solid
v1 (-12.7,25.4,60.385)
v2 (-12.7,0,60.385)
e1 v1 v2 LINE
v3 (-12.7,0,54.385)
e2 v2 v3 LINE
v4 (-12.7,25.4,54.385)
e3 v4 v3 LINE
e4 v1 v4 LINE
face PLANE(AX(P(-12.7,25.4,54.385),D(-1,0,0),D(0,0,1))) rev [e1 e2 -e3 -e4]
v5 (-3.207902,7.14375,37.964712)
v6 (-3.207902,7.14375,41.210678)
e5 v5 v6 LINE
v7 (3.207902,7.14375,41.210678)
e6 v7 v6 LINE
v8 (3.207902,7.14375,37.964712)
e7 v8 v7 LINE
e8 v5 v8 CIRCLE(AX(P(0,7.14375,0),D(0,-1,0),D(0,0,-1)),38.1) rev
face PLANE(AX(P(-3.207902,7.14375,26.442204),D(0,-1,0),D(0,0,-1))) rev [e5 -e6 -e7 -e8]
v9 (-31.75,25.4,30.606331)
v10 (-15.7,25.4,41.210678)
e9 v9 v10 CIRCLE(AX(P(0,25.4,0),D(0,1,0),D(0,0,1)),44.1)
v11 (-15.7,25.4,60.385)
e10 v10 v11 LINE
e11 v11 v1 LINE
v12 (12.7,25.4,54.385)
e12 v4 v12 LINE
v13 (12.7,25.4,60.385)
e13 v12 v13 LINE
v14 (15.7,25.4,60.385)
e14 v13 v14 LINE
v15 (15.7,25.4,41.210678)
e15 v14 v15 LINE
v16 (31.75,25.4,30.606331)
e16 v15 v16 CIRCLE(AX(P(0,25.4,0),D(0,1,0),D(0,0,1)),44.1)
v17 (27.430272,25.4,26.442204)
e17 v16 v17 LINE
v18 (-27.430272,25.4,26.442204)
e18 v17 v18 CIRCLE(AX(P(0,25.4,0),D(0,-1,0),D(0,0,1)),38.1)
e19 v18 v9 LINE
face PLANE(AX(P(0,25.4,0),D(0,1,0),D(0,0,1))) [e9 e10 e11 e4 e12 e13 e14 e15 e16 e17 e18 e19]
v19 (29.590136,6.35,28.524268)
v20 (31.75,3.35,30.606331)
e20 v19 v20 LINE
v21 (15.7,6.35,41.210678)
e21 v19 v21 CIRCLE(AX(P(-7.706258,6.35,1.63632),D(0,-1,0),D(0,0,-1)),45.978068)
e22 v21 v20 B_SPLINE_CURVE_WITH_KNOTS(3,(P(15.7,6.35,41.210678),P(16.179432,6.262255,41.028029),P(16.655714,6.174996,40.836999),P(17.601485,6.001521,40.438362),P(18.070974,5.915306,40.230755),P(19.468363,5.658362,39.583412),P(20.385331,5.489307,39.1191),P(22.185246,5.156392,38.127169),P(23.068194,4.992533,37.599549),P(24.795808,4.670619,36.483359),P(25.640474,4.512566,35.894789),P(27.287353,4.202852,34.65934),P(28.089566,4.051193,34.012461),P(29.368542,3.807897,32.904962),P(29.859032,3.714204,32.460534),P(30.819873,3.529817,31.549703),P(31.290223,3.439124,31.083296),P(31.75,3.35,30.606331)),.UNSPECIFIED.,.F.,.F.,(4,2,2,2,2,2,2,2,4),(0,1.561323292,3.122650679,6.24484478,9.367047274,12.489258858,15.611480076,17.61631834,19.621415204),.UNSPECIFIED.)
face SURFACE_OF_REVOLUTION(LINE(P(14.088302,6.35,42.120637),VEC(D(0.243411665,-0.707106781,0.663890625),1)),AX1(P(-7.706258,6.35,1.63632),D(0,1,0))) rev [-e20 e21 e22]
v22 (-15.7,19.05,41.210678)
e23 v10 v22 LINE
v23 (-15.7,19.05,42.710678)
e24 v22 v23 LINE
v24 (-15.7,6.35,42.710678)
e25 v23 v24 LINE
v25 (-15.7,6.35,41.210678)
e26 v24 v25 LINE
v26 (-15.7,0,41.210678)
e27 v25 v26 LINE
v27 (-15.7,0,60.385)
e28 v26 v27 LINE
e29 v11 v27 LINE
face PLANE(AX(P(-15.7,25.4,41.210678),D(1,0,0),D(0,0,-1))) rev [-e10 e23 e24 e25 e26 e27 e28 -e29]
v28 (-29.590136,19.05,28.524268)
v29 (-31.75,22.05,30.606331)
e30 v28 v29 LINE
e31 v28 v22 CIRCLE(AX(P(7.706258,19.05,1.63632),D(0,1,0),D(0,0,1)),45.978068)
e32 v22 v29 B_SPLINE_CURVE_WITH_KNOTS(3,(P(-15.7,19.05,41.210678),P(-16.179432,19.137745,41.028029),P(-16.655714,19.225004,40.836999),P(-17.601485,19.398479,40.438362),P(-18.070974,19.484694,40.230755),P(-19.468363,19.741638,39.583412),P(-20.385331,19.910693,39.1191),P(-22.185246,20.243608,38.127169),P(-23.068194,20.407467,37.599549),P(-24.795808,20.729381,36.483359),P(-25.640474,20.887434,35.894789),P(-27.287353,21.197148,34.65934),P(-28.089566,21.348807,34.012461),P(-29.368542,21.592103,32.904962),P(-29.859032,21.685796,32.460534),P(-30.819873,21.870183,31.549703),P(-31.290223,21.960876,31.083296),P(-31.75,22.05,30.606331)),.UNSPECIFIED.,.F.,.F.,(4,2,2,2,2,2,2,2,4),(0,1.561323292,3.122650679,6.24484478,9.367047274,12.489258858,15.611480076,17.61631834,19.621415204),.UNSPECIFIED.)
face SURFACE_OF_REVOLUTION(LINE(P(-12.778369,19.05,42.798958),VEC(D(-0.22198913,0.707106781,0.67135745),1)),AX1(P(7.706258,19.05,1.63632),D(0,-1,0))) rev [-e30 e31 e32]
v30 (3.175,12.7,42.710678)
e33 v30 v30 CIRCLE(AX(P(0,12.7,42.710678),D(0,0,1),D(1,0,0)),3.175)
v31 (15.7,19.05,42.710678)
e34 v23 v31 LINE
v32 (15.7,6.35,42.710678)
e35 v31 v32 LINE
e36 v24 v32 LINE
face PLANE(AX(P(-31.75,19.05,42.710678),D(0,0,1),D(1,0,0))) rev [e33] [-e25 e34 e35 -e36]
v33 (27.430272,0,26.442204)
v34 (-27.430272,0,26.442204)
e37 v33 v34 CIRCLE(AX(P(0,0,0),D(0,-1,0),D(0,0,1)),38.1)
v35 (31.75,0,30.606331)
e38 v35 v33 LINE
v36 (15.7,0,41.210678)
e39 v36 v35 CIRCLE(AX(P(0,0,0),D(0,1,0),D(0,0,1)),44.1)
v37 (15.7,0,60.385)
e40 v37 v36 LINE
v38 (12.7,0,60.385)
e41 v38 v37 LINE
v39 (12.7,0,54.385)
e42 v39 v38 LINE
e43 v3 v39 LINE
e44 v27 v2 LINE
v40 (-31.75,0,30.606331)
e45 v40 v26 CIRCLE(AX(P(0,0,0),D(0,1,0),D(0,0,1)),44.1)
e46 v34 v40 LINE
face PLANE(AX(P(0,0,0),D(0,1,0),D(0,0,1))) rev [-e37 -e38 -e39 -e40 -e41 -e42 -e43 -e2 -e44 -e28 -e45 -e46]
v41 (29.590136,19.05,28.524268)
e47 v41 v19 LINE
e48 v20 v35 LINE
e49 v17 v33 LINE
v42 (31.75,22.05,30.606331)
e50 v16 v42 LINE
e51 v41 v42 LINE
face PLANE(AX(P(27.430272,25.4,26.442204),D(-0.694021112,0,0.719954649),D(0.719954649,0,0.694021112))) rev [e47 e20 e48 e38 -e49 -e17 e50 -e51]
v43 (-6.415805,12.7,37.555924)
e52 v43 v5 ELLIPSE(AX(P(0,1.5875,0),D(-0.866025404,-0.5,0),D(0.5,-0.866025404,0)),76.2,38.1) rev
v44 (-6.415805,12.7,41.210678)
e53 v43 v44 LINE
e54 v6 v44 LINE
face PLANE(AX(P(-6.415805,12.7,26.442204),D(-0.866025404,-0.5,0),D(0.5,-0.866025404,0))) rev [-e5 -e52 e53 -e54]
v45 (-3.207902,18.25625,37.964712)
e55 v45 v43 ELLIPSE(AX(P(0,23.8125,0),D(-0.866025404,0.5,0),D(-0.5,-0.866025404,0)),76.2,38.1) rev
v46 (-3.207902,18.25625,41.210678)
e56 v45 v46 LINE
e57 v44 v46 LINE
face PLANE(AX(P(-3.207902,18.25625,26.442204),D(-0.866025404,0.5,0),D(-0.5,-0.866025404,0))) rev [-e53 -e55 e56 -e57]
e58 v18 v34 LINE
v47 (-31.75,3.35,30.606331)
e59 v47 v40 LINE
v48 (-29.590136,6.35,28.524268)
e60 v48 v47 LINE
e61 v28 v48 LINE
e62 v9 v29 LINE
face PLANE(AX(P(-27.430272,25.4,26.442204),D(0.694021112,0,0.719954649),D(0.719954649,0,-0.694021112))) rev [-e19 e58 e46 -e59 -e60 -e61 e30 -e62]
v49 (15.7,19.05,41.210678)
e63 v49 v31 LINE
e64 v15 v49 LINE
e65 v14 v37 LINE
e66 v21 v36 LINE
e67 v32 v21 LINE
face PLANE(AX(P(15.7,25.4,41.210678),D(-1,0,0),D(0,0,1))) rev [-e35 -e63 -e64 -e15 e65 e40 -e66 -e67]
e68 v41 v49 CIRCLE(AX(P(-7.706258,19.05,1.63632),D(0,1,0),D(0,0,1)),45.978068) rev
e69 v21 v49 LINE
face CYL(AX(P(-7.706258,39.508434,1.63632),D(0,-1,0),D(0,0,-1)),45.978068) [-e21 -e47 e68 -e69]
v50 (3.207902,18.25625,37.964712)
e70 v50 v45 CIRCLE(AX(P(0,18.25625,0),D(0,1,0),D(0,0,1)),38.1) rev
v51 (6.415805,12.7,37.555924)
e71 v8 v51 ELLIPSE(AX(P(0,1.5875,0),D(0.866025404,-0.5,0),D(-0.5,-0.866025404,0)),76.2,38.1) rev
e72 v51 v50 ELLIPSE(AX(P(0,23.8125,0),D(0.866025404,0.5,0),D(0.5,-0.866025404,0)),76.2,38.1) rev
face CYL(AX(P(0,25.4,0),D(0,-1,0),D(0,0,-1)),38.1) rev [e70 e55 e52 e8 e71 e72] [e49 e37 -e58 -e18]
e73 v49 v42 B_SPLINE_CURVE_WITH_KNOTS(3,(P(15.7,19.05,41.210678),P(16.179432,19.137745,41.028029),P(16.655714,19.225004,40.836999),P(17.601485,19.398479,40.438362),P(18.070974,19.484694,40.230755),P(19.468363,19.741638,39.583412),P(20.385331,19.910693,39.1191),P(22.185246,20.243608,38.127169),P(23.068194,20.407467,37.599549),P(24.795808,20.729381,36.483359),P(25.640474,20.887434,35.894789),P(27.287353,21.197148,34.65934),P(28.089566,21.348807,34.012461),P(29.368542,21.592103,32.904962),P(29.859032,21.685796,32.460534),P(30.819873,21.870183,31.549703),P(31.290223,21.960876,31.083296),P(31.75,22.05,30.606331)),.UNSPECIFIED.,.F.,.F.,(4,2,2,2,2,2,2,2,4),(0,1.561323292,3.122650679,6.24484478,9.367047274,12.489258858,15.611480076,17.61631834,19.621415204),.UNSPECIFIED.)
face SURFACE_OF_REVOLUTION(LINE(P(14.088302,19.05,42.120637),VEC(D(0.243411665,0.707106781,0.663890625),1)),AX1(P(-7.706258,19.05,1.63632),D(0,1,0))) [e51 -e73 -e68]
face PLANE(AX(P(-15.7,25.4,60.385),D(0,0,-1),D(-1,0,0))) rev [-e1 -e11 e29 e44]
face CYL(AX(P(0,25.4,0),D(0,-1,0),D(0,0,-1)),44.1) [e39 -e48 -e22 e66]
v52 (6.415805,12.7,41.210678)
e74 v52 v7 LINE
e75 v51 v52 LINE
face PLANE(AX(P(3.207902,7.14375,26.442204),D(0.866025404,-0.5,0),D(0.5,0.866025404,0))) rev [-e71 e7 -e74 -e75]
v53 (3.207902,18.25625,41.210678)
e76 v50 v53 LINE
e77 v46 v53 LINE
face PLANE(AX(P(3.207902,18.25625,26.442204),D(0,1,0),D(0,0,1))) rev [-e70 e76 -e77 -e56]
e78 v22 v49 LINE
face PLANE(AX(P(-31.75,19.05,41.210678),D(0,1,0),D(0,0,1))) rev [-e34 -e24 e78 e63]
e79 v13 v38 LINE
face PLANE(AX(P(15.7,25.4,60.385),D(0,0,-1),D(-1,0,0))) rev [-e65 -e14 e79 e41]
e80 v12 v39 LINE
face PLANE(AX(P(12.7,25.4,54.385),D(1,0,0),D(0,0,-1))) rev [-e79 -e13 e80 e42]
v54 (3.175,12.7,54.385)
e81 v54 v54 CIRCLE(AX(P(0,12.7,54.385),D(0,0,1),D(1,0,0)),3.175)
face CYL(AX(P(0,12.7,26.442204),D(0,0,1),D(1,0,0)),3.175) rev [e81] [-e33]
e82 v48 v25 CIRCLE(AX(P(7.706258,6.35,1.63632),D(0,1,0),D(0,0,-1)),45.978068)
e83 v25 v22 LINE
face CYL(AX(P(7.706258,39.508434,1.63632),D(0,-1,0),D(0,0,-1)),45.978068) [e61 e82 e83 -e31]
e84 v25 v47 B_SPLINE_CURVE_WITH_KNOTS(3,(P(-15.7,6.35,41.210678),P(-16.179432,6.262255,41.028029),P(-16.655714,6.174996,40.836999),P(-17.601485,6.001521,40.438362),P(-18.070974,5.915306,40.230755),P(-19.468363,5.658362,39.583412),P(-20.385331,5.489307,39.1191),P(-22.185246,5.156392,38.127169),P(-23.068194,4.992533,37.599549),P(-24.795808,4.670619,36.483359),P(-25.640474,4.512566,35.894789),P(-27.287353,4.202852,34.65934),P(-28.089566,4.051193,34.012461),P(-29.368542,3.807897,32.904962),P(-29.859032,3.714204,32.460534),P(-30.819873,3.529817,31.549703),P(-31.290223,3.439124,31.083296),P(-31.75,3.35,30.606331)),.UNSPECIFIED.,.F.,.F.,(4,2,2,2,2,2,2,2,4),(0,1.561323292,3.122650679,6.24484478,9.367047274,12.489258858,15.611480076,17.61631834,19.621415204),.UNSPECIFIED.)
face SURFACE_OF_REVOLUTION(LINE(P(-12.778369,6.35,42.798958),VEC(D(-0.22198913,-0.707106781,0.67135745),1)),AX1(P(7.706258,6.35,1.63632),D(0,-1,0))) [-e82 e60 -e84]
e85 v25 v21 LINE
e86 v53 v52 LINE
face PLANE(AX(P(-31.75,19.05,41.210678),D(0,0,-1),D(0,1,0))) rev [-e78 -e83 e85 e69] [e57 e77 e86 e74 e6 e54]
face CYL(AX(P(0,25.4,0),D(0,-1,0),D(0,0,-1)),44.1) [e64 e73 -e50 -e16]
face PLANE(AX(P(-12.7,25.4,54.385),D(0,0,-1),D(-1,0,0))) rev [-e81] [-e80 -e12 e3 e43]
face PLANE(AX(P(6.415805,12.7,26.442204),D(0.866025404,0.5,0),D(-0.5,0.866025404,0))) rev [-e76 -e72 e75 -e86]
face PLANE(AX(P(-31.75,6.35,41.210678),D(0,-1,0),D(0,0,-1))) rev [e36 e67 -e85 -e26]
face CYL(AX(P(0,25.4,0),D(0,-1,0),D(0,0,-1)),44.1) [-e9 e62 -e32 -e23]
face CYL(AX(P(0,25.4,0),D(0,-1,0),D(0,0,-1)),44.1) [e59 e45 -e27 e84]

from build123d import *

# Parameters (mm, degrees)
BOSS_EXTRUDE1_DEPTH     = 25.4
SKETCH2_W               = 1.5
SKETCH2_H               = 12.7
CUT_EXTRUDE1_DEPTH      = 81.888878871
CUT_EXTRUDE2_DEPTH      = 12.7
SKETCH6_R               = 3.175
CUT_EXTRUDE4_DEPTH      = 50.335811816
CUT_EXTRUDE5_DEPTH      = 4.365625
CUT_EXTRUDE5_DEPTH_BACK = 47.366407345


with BuildPart() as part:
    # Sketch1 → Boss-Extrude1 (new body)
    with BuildSketch(Plane(origin=(0, 0, 0), x_dir=(1, 0, 0), z_dir=(0, 1, 0))):
        with BuildLine():
            Line((-12.7, -54.385), (12.7, -54.385))
            Line((12.7, -54.385), (12.7, -60.385))
            Line((12.7, -60.385), (15.7, -60.385))
            Line((15.7, -60.385), (15.7, -41.210678228))
            ThreePointArc((15.7, -41.210678228), (24.31025853, -36.794311112), (31.75, -30.606331044))
            Line((31.75, -30.606331044), (27.430272109, -26.442204372))
            ThreePointArc((27.430272109, -26.442204372), (0, -38.1), (-27.430272109, -26.442204372))
            Line((-27.430272109, -26.442204372), (-31.75, -30.606331044))
            ThreePointArc((-31.75, -30.606331044), (-24.31025853, -36.794311112), (-15.7, -41.210678228))
            Line((-15.7, -41.210678228), (-15.7, -60.385))
            Line((-15.7, -60.385), (-12.7, -60.385))
            Line((-12.7, -60.385), (-12.7, -54.385))
        make_face()
    extrude(amount=BOSS_EXTRUDE1_DEPTH)

    # Sketch2 → Cut-Extrude1 (cut, through all)
    with BuildSketch(Plane(origin=(15.7, 0, 0), x_dir=(0, 0, -1), z_dir=(1, 0, 0))):
        with Locations((-41.960678228, 12.7)):
            Rectangle(SKETCH2_W, SKETCH2_H)
    extrude(amount=-CUT_EXTRUDE1_DEPTH, mode=Mode.SUBTRACT)

    # Sketch3 → Cut-Extrude2 (cut)
    with BuildSketch(Plane(origin=(0, 6.35, 0), x_dir=(1, 0, 0), z_dir=(0, 1, 0))):
        with BuildLine():
            Line((31.75, -30.606331044), (29.590136054, -28.524267708))
            ThreePointArc((29.590136054, -28.524267708), (23.300825781, -35.585451028), (15.7, -41.210678228))
            ThreePointArc((15.7, -41.210678228), (24.31025853, -36.794311112), (31.75, -30.606331044))
        make_face()
    cut_extrude2 = extrude(amount=CUT_EXTRUDE2_DEPTH, mode=Mode.SUBTRACT)

    # Mirror1: Cut-Extrude2 across plane
    add(cut_extrude2.mirror(Plane(origin=(0, 0, 0), x_dir=(0, 0, 1), z_dir=(1, 0, 0))), mode=Mode.SUBTRACT)

    # Sketch6 → Cut-Extrude4 (cut, through all)
    with BuildSketch(Plane.XY.offset(54.385)):
        with Locations((0, 12.7)):
            Circle(SKETCH6_R)
    extrude(amount=-CUT_EXTRUDE4_DEPTH, mode=Mode.SUBTRACT)

    # Sketch7 → Cut-Extrude5 (cut, two sides: drawn at the far end of the back side and taken through both)
    with BuildSketch(Plane.XY.offset(38.1).offset(-CUT_EXTRUDE5_DEPTH_BACK)):
        Polygon((6.415804866, 12.7), (3.207902433, 18.25625), (-3.207902433, 18.25625), (-6.415804866, 12.7), (-3.207902433, 7.14375), (3.207902433, 7.14375), align=None)
    extrude(amount=CUT_EXTRUDE5_DEPTH + CUT_EXTRUDE5_DEPTH_BACK, mode=Mode.SUBTRACT)

    # Cut-Sweep1: sweep along a path in Sketch9
    with BuildLine(Plane.XZ.offset(-19.05)) as cut_sweep1_path:
        ThreePointArc((29.590136054, 28.524267708), (23.300825781, 35.585451028), (15.7, 41.210678228))
    # Sketch8 → Cut-Sweep1 (sweep, cut)
    with BuildSketch(Plane(origin=(0, 0, 0), x_dir=(-0.7199546485260769, 0, -0.6940211121181352), z_dir=(0.6940211121181352, 0, -0.7199546485260769))):
        Polygon((-44.1, 19.05), (-41.1, 19.05), (-44.1, 22.05), align=None)
    cut_sweep1 = sweep(path=cut_sweep1_path.line, mode=Mode.SUBTRACT)

    # Mirror2: Cut-Sweep1 across plane
    add(cut_sweep1.mirror(Plane.ZX.offset(12.7)), mode=Mode.SUBTRACT)

    # Mirror3: Cut-Sweep1 across plane
    add(cut_sweep1.mirror(Plane(origin=(0, 0, 0), x_dir=(0, 0, 1), z_dir=(1, 0, 0))), mode=Mode.SUBTRACT)

    # Mirror3 copy 1: sweep along a path in Mirror3 copy 1 path
    with BuildLine(Plane(origin=(0, 6.35, 0), x_dir=(-1, 0, 0), z_dir=(0, 1, 0))) as mirror3_copy_1_path:
        ThreePointArc((29.590136054, 28.524267708), (23.300825781, 35.585451028), (15.7, 41.210678228))
    # Mirror3 copy 1 sketch → Mirror3 copy 1 (sweep, cut)
    with BuildSketch(Plane(origin=(0, 25.4, 0), x_dir=(0.7199546485260769, 0, -0.6940211121181352), z_dir=(-0.6940211121181352, 0, -0.7199546485260769))):
        Polygon((-44.1, 19.05), (-41.1, 19.05), (-44.1, 22.05), align=None)
    sweep(path=mirror3_copy_1_path.line, mode=Mode.SUBTRACT)


solid = part.part
